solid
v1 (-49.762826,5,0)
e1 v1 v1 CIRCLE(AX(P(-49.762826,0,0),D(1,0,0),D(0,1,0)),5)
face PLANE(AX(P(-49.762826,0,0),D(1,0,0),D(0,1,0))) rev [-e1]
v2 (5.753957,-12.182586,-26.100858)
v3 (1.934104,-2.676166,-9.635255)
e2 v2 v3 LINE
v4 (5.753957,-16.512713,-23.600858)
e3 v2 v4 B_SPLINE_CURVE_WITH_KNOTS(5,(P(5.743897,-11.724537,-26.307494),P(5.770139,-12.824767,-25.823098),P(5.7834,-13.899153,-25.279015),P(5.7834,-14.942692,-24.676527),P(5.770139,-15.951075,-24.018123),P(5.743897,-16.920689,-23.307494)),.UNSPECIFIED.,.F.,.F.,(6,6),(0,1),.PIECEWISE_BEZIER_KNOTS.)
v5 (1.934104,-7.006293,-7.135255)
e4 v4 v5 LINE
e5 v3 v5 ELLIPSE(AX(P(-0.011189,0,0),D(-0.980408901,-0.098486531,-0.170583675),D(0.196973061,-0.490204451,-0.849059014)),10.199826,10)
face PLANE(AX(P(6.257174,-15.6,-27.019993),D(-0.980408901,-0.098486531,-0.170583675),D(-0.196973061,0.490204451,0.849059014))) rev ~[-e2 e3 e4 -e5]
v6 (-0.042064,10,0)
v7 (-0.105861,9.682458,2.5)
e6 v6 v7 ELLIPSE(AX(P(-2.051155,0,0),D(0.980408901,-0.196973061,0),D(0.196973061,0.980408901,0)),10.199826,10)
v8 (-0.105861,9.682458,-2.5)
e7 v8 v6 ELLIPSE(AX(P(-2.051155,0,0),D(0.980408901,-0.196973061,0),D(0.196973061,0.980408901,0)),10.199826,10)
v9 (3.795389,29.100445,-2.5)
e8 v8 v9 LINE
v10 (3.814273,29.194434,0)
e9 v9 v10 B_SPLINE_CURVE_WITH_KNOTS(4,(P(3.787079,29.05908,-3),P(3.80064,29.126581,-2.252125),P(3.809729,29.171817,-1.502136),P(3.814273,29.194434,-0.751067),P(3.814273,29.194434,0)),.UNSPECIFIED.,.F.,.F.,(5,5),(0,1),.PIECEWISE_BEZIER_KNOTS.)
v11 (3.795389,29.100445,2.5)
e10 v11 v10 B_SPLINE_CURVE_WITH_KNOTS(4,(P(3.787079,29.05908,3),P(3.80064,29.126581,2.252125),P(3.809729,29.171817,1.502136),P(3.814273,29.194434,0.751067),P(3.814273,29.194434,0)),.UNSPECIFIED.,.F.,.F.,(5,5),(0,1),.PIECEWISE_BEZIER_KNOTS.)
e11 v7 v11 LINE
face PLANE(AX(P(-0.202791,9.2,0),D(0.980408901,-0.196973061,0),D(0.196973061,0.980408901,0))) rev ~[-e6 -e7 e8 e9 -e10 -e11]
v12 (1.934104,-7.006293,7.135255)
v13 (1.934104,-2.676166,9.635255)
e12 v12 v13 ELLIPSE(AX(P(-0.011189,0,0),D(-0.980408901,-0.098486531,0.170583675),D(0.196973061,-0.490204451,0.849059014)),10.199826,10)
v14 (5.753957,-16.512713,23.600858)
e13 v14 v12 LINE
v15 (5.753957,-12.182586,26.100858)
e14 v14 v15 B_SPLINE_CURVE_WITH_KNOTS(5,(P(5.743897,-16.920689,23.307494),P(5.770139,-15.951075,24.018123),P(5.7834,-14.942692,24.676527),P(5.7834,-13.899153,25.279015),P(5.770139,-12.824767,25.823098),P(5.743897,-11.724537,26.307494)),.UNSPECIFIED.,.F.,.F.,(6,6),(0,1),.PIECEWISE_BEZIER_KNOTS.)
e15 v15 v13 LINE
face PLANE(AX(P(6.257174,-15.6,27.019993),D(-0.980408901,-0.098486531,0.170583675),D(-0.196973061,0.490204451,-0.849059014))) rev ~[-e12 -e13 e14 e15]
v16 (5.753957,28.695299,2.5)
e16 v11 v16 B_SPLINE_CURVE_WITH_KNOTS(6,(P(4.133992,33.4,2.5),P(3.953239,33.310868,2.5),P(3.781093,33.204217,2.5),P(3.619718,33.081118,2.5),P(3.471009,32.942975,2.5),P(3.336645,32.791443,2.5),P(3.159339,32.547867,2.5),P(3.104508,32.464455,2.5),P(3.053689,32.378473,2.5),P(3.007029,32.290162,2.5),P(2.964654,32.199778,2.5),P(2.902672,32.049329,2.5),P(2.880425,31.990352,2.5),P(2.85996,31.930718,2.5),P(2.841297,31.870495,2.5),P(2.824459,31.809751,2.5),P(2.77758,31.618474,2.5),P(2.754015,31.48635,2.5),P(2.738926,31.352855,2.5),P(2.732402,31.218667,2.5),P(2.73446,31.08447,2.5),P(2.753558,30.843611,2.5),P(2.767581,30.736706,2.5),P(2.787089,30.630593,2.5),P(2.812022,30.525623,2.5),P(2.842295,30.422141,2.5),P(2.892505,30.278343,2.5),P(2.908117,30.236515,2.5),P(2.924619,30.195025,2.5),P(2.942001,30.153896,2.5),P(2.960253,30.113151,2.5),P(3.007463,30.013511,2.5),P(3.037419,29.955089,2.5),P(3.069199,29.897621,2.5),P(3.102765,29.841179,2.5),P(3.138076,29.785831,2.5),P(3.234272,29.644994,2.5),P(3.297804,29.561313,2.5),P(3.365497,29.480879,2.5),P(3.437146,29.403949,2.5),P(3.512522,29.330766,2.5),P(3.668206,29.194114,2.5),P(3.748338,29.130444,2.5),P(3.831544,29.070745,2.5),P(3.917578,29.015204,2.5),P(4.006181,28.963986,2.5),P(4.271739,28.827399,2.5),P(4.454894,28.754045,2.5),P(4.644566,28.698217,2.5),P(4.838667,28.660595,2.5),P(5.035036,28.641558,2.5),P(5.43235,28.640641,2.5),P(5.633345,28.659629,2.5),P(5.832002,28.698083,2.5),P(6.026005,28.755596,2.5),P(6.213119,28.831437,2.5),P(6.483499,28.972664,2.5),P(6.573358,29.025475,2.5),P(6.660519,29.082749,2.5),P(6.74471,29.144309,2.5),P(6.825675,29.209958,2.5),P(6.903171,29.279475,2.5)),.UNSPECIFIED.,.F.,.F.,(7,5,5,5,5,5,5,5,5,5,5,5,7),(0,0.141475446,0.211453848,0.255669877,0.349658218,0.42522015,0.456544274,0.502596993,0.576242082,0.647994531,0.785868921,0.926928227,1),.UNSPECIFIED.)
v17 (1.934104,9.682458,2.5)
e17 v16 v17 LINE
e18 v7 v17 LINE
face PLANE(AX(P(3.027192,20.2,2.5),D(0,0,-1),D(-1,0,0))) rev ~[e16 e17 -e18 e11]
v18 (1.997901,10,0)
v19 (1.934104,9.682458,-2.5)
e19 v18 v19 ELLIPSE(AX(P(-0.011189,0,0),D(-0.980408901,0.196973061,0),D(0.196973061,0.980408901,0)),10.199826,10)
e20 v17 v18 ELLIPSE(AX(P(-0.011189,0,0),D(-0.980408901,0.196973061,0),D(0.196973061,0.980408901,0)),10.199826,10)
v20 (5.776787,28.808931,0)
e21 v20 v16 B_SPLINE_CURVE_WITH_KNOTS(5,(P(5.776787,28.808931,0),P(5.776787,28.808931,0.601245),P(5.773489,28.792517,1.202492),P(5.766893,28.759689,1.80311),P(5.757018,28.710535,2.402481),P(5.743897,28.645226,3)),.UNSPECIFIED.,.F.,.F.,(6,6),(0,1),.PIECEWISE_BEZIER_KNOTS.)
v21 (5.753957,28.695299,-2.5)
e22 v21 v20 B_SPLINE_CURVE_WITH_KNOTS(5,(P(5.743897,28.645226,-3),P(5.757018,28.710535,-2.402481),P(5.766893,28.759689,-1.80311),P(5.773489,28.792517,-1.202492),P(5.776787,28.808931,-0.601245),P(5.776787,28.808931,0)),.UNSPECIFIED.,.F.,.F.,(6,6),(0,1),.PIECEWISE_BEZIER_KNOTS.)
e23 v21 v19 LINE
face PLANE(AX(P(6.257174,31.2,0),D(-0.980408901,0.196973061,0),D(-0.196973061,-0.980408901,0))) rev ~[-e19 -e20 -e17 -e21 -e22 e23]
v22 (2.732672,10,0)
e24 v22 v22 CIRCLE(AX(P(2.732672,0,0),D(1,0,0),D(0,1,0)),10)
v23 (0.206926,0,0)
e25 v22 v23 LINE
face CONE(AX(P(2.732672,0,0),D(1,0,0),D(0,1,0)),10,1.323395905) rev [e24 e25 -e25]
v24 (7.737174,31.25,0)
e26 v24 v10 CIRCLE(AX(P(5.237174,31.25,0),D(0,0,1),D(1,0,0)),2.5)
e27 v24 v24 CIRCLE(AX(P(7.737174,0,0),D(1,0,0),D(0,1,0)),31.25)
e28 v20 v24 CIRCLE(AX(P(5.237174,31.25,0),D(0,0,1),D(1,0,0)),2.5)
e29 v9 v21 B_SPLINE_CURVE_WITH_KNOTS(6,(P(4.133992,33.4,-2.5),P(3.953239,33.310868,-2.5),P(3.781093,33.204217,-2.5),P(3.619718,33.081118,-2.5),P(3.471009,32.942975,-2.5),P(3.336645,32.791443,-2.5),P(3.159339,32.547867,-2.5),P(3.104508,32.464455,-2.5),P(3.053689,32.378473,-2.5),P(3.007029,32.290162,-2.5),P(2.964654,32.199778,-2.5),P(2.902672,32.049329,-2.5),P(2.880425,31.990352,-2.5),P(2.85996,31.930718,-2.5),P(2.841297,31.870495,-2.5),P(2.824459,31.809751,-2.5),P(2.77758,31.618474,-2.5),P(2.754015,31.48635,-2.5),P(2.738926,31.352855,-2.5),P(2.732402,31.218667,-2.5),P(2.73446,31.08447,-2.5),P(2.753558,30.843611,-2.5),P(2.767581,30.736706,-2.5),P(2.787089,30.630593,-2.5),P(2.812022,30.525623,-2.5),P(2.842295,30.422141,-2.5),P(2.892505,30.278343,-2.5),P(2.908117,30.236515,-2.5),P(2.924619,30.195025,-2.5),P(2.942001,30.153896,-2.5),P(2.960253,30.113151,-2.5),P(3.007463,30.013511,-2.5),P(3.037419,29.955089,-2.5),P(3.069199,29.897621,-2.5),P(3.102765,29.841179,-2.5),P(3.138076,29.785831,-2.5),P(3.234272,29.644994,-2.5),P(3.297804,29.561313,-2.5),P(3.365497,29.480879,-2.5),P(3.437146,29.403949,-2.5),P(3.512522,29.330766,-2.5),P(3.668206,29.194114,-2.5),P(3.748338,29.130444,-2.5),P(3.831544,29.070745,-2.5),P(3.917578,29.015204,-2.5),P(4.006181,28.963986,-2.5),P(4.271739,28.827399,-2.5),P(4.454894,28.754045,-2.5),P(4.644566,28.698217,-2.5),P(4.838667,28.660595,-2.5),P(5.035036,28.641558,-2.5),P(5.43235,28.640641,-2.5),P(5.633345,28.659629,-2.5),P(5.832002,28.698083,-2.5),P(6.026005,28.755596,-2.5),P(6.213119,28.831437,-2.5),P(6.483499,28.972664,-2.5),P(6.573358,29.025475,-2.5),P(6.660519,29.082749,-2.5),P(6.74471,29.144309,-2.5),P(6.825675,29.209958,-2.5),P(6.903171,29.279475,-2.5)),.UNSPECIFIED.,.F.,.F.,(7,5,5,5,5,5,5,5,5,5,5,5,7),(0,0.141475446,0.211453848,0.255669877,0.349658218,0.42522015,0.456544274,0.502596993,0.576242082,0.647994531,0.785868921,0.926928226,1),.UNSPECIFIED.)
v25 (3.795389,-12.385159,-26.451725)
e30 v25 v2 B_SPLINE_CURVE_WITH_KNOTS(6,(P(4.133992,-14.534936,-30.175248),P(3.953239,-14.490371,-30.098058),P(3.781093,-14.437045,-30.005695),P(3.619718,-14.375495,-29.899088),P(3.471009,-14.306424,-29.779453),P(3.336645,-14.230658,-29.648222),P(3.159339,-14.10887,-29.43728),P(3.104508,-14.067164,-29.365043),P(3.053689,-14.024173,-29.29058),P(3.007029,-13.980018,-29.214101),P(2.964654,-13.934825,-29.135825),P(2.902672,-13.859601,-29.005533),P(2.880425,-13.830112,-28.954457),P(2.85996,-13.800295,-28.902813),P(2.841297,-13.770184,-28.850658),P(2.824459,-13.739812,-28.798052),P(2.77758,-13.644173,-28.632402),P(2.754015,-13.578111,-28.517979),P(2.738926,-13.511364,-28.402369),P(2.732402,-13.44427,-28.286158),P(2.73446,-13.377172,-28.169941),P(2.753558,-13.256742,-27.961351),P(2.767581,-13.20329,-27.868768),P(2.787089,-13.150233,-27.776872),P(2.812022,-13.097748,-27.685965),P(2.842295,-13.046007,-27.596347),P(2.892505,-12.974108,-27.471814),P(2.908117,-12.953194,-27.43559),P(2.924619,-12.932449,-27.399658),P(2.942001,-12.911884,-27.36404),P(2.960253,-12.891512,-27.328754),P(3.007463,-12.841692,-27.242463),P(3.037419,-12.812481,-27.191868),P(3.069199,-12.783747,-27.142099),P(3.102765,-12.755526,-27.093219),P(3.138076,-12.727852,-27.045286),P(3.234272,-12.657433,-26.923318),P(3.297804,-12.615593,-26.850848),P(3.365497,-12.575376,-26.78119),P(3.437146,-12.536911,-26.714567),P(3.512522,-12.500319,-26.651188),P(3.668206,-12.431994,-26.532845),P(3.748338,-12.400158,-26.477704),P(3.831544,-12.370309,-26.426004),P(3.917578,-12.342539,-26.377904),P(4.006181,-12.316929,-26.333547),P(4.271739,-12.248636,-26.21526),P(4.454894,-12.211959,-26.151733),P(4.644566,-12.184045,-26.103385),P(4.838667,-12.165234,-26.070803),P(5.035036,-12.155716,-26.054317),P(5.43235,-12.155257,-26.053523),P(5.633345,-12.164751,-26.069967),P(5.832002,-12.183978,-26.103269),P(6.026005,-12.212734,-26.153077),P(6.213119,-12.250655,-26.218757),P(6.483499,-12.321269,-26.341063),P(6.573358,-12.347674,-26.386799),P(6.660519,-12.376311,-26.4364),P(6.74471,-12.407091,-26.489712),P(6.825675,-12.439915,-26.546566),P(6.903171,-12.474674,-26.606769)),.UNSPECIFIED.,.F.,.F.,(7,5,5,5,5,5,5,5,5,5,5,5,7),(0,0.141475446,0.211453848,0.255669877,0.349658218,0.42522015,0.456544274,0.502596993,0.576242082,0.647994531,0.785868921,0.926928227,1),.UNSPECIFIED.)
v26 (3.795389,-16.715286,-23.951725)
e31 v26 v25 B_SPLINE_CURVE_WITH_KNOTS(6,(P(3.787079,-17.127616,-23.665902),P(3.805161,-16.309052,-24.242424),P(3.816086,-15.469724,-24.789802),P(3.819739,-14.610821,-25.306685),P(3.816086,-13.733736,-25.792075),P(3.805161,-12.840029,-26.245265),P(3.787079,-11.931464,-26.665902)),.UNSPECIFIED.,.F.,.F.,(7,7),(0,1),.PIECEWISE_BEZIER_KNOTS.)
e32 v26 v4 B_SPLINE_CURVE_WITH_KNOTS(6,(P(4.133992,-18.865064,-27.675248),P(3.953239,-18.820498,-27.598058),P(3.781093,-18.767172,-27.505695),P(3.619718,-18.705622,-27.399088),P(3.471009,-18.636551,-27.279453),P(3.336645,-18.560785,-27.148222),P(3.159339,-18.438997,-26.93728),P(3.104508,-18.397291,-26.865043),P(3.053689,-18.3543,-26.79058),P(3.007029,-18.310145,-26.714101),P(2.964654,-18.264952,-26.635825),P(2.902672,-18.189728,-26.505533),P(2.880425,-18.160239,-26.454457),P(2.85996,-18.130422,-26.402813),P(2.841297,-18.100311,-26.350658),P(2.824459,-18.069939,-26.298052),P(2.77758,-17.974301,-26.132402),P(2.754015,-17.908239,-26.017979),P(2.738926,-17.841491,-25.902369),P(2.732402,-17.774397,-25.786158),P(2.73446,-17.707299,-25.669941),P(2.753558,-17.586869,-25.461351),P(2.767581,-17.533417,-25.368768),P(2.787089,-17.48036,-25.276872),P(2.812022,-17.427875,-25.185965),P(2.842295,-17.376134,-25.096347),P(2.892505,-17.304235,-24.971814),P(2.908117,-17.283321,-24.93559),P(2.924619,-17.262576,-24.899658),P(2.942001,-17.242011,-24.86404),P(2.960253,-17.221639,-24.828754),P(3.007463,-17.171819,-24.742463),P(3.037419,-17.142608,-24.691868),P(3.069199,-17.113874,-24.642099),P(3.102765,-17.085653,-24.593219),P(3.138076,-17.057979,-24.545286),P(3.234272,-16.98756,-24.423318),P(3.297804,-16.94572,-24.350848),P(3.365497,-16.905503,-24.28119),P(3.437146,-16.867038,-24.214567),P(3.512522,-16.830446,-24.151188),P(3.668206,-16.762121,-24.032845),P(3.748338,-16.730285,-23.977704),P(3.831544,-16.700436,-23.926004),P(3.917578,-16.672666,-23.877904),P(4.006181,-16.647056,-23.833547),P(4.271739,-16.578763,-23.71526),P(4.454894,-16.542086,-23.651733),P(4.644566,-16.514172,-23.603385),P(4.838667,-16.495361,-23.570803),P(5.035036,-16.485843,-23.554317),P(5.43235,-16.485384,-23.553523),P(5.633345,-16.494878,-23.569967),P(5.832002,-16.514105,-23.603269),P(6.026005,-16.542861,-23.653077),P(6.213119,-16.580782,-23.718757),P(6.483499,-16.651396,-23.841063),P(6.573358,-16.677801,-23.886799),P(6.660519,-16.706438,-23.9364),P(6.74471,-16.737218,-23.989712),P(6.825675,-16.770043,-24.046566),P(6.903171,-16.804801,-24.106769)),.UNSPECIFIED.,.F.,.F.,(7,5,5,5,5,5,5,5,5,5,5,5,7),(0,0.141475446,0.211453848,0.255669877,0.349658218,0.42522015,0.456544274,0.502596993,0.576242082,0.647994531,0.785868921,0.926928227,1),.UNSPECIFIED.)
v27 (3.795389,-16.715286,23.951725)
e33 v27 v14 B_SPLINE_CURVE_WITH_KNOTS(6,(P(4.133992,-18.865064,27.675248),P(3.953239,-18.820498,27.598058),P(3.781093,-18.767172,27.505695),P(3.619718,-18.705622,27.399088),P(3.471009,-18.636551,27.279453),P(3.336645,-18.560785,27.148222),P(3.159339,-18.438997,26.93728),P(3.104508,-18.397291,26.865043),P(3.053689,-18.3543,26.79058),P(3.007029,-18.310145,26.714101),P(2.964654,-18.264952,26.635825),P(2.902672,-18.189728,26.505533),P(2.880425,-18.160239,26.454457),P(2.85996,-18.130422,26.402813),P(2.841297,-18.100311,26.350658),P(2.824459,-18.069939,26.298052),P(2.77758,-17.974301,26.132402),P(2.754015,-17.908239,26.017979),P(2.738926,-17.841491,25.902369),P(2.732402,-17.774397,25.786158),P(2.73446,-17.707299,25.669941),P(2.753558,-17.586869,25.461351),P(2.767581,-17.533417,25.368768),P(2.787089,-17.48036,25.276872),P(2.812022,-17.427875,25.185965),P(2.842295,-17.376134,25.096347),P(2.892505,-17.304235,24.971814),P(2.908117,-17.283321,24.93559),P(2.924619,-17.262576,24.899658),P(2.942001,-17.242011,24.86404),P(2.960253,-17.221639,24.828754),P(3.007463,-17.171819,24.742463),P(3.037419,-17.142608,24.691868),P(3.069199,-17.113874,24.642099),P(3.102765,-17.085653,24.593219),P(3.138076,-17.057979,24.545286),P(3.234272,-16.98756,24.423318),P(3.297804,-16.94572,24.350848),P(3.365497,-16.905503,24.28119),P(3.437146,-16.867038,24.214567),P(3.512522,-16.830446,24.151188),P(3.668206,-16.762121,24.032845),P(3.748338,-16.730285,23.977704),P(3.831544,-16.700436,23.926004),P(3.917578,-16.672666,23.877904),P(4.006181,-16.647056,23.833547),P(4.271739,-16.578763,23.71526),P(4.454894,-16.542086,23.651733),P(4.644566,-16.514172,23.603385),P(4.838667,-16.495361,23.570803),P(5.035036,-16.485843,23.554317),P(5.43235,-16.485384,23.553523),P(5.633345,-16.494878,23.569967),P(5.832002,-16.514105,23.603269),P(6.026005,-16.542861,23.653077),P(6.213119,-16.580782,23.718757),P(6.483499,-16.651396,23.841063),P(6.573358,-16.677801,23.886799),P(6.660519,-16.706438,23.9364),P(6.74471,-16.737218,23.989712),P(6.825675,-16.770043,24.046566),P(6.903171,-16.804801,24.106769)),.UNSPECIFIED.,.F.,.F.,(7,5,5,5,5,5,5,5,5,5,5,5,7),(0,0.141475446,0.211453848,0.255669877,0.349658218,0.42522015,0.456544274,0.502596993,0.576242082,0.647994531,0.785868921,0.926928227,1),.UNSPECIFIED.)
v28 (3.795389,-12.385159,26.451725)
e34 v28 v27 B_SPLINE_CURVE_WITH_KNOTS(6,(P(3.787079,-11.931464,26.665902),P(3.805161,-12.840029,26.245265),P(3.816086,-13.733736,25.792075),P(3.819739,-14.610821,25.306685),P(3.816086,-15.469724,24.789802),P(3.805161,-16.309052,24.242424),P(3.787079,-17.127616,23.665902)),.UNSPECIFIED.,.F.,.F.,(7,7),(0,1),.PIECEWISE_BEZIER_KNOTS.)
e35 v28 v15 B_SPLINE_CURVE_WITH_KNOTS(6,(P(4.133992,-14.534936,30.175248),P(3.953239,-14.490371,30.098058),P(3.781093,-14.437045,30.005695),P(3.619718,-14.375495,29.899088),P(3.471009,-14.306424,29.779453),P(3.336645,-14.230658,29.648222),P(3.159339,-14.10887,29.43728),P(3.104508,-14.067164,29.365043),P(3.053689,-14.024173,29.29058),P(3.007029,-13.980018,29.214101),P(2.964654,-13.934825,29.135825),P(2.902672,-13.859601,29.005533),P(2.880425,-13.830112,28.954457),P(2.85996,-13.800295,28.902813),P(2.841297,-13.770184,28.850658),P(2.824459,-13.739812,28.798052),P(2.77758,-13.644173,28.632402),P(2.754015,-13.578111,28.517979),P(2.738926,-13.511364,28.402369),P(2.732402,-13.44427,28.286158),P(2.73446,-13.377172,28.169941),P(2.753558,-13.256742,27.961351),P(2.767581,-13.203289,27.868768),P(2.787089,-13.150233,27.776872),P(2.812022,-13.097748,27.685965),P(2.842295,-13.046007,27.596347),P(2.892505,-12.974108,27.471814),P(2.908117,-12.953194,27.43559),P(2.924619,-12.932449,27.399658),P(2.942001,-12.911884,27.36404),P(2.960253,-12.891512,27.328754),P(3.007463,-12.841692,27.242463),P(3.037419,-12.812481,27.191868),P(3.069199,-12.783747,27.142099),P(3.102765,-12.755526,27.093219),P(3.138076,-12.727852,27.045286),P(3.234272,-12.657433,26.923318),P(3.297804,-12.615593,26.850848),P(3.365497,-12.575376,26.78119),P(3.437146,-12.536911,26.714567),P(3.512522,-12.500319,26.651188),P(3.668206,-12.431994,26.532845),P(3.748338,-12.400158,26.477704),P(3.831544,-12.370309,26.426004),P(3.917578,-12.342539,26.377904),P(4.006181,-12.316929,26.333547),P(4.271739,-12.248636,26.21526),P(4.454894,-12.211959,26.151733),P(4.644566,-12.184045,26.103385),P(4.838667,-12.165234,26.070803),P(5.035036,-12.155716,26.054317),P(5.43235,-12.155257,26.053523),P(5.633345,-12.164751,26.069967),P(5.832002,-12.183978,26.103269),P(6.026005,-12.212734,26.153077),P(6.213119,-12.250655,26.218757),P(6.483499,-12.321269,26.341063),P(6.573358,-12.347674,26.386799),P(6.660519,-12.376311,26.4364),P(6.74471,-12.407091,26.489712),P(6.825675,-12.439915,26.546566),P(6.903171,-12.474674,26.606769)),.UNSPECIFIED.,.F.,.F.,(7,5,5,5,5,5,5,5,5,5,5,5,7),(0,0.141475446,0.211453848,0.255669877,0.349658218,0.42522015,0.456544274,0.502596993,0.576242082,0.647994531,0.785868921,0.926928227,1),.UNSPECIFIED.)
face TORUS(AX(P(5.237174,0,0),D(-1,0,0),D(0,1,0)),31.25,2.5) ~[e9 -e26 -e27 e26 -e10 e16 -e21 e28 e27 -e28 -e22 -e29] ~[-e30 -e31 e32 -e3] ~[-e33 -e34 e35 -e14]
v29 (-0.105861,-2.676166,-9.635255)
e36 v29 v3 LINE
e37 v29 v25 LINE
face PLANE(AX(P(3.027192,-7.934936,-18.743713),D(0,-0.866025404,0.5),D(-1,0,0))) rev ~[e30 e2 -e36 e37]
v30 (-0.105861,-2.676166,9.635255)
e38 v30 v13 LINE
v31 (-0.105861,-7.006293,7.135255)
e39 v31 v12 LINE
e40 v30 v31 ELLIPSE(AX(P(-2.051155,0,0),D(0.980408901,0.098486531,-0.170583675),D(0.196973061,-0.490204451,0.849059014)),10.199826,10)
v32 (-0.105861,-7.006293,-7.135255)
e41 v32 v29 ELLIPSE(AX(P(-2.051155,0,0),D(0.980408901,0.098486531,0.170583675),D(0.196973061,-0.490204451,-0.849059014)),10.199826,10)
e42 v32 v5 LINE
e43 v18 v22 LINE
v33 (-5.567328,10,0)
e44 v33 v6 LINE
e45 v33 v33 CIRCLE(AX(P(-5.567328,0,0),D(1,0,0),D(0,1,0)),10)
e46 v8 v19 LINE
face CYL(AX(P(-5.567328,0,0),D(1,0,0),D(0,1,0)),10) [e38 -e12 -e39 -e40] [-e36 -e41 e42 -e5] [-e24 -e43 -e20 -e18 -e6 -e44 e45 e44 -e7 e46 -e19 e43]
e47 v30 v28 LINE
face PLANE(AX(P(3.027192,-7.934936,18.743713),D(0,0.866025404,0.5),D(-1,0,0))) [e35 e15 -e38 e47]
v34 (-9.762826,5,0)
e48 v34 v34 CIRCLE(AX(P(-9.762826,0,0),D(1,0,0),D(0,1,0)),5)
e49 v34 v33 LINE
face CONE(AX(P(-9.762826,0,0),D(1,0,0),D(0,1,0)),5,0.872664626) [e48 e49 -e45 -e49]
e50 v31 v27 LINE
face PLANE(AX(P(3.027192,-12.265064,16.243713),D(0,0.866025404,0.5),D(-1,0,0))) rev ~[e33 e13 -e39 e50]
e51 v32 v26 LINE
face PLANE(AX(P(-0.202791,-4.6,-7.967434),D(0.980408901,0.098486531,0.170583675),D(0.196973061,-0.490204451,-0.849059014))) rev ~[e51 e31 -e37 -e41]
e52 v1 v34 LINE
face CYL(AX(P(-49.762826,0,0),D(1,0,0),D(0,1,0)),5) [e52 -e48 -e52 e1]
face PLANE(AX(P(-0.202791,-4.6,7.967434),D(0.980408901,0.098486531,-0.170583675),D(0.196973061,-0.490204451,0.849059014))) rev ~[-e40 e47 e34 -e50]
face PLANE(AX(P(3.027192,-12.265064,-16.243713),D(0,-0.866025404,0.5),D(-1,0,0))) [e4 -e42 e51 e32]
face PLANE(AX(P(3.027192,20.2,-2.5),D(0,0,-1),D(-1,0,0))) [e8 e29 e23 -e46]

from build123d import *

# Parameters (mm, degrees)
SKETCH2_R           = 2.5
BOSS_EXTRUDE1_DEPTH = 2.5
CIRPATTERN1_COUNT   = 3


with BuildPart() as part:
    # Sketch1 → Revolve1 (revolve)
    with BuildSketch(Plane.XY):
        Polygon((-49.762825818, 0), (-49.762825818, 5), (-9.762825818, 5), (-5.567327662, 10), (2.732672338, 10), (0.206925517, 0), align=None)
    revolve(axis=Axis((-73.695652174, 0, 0), (1, 0, 0)))



with BuildPart() as body_2:
    # Sketch2 → Revolve2 (revolve)
    with BuildSketch(Plane.XY):
        with Locations((5.237174182, 31.25)):
            Circle(SKETCH2_R)
    revolve(axis=Axis((-155.619016335, 0, 0), (1, 0, 0)))


with BuildPart() as part_1:
    add(part.part)

    add(body_2.part)  # Boss-Extrude1 merges body 2
    # Sketch3 → Boss-Extrude1 (add, symmetric)
    with BuildSketch(Plane.XY):
        Polygon((1.837174182, 9.2), (-0.202790977, 9.2), (4.217209023, 31.2), (6.257174182, 31.2), align=None)
    boss_extrude1 = extrude(amount=BOSS_EXTRUDE1_DEPTH, both=True)

    # CirPattern1: Boss-Extrude1 ×3 about axis
    cirpattern1_axis = Axis((0, 0, 0), (1, 0, 0))
    for i in range(1, CIRPATTERN1_COUNT):
        add(boss_extrude1.rotate(cirpattern1_axis, i * 360 / CIRPATTERN1_COUNT))


solid = part_1.part
